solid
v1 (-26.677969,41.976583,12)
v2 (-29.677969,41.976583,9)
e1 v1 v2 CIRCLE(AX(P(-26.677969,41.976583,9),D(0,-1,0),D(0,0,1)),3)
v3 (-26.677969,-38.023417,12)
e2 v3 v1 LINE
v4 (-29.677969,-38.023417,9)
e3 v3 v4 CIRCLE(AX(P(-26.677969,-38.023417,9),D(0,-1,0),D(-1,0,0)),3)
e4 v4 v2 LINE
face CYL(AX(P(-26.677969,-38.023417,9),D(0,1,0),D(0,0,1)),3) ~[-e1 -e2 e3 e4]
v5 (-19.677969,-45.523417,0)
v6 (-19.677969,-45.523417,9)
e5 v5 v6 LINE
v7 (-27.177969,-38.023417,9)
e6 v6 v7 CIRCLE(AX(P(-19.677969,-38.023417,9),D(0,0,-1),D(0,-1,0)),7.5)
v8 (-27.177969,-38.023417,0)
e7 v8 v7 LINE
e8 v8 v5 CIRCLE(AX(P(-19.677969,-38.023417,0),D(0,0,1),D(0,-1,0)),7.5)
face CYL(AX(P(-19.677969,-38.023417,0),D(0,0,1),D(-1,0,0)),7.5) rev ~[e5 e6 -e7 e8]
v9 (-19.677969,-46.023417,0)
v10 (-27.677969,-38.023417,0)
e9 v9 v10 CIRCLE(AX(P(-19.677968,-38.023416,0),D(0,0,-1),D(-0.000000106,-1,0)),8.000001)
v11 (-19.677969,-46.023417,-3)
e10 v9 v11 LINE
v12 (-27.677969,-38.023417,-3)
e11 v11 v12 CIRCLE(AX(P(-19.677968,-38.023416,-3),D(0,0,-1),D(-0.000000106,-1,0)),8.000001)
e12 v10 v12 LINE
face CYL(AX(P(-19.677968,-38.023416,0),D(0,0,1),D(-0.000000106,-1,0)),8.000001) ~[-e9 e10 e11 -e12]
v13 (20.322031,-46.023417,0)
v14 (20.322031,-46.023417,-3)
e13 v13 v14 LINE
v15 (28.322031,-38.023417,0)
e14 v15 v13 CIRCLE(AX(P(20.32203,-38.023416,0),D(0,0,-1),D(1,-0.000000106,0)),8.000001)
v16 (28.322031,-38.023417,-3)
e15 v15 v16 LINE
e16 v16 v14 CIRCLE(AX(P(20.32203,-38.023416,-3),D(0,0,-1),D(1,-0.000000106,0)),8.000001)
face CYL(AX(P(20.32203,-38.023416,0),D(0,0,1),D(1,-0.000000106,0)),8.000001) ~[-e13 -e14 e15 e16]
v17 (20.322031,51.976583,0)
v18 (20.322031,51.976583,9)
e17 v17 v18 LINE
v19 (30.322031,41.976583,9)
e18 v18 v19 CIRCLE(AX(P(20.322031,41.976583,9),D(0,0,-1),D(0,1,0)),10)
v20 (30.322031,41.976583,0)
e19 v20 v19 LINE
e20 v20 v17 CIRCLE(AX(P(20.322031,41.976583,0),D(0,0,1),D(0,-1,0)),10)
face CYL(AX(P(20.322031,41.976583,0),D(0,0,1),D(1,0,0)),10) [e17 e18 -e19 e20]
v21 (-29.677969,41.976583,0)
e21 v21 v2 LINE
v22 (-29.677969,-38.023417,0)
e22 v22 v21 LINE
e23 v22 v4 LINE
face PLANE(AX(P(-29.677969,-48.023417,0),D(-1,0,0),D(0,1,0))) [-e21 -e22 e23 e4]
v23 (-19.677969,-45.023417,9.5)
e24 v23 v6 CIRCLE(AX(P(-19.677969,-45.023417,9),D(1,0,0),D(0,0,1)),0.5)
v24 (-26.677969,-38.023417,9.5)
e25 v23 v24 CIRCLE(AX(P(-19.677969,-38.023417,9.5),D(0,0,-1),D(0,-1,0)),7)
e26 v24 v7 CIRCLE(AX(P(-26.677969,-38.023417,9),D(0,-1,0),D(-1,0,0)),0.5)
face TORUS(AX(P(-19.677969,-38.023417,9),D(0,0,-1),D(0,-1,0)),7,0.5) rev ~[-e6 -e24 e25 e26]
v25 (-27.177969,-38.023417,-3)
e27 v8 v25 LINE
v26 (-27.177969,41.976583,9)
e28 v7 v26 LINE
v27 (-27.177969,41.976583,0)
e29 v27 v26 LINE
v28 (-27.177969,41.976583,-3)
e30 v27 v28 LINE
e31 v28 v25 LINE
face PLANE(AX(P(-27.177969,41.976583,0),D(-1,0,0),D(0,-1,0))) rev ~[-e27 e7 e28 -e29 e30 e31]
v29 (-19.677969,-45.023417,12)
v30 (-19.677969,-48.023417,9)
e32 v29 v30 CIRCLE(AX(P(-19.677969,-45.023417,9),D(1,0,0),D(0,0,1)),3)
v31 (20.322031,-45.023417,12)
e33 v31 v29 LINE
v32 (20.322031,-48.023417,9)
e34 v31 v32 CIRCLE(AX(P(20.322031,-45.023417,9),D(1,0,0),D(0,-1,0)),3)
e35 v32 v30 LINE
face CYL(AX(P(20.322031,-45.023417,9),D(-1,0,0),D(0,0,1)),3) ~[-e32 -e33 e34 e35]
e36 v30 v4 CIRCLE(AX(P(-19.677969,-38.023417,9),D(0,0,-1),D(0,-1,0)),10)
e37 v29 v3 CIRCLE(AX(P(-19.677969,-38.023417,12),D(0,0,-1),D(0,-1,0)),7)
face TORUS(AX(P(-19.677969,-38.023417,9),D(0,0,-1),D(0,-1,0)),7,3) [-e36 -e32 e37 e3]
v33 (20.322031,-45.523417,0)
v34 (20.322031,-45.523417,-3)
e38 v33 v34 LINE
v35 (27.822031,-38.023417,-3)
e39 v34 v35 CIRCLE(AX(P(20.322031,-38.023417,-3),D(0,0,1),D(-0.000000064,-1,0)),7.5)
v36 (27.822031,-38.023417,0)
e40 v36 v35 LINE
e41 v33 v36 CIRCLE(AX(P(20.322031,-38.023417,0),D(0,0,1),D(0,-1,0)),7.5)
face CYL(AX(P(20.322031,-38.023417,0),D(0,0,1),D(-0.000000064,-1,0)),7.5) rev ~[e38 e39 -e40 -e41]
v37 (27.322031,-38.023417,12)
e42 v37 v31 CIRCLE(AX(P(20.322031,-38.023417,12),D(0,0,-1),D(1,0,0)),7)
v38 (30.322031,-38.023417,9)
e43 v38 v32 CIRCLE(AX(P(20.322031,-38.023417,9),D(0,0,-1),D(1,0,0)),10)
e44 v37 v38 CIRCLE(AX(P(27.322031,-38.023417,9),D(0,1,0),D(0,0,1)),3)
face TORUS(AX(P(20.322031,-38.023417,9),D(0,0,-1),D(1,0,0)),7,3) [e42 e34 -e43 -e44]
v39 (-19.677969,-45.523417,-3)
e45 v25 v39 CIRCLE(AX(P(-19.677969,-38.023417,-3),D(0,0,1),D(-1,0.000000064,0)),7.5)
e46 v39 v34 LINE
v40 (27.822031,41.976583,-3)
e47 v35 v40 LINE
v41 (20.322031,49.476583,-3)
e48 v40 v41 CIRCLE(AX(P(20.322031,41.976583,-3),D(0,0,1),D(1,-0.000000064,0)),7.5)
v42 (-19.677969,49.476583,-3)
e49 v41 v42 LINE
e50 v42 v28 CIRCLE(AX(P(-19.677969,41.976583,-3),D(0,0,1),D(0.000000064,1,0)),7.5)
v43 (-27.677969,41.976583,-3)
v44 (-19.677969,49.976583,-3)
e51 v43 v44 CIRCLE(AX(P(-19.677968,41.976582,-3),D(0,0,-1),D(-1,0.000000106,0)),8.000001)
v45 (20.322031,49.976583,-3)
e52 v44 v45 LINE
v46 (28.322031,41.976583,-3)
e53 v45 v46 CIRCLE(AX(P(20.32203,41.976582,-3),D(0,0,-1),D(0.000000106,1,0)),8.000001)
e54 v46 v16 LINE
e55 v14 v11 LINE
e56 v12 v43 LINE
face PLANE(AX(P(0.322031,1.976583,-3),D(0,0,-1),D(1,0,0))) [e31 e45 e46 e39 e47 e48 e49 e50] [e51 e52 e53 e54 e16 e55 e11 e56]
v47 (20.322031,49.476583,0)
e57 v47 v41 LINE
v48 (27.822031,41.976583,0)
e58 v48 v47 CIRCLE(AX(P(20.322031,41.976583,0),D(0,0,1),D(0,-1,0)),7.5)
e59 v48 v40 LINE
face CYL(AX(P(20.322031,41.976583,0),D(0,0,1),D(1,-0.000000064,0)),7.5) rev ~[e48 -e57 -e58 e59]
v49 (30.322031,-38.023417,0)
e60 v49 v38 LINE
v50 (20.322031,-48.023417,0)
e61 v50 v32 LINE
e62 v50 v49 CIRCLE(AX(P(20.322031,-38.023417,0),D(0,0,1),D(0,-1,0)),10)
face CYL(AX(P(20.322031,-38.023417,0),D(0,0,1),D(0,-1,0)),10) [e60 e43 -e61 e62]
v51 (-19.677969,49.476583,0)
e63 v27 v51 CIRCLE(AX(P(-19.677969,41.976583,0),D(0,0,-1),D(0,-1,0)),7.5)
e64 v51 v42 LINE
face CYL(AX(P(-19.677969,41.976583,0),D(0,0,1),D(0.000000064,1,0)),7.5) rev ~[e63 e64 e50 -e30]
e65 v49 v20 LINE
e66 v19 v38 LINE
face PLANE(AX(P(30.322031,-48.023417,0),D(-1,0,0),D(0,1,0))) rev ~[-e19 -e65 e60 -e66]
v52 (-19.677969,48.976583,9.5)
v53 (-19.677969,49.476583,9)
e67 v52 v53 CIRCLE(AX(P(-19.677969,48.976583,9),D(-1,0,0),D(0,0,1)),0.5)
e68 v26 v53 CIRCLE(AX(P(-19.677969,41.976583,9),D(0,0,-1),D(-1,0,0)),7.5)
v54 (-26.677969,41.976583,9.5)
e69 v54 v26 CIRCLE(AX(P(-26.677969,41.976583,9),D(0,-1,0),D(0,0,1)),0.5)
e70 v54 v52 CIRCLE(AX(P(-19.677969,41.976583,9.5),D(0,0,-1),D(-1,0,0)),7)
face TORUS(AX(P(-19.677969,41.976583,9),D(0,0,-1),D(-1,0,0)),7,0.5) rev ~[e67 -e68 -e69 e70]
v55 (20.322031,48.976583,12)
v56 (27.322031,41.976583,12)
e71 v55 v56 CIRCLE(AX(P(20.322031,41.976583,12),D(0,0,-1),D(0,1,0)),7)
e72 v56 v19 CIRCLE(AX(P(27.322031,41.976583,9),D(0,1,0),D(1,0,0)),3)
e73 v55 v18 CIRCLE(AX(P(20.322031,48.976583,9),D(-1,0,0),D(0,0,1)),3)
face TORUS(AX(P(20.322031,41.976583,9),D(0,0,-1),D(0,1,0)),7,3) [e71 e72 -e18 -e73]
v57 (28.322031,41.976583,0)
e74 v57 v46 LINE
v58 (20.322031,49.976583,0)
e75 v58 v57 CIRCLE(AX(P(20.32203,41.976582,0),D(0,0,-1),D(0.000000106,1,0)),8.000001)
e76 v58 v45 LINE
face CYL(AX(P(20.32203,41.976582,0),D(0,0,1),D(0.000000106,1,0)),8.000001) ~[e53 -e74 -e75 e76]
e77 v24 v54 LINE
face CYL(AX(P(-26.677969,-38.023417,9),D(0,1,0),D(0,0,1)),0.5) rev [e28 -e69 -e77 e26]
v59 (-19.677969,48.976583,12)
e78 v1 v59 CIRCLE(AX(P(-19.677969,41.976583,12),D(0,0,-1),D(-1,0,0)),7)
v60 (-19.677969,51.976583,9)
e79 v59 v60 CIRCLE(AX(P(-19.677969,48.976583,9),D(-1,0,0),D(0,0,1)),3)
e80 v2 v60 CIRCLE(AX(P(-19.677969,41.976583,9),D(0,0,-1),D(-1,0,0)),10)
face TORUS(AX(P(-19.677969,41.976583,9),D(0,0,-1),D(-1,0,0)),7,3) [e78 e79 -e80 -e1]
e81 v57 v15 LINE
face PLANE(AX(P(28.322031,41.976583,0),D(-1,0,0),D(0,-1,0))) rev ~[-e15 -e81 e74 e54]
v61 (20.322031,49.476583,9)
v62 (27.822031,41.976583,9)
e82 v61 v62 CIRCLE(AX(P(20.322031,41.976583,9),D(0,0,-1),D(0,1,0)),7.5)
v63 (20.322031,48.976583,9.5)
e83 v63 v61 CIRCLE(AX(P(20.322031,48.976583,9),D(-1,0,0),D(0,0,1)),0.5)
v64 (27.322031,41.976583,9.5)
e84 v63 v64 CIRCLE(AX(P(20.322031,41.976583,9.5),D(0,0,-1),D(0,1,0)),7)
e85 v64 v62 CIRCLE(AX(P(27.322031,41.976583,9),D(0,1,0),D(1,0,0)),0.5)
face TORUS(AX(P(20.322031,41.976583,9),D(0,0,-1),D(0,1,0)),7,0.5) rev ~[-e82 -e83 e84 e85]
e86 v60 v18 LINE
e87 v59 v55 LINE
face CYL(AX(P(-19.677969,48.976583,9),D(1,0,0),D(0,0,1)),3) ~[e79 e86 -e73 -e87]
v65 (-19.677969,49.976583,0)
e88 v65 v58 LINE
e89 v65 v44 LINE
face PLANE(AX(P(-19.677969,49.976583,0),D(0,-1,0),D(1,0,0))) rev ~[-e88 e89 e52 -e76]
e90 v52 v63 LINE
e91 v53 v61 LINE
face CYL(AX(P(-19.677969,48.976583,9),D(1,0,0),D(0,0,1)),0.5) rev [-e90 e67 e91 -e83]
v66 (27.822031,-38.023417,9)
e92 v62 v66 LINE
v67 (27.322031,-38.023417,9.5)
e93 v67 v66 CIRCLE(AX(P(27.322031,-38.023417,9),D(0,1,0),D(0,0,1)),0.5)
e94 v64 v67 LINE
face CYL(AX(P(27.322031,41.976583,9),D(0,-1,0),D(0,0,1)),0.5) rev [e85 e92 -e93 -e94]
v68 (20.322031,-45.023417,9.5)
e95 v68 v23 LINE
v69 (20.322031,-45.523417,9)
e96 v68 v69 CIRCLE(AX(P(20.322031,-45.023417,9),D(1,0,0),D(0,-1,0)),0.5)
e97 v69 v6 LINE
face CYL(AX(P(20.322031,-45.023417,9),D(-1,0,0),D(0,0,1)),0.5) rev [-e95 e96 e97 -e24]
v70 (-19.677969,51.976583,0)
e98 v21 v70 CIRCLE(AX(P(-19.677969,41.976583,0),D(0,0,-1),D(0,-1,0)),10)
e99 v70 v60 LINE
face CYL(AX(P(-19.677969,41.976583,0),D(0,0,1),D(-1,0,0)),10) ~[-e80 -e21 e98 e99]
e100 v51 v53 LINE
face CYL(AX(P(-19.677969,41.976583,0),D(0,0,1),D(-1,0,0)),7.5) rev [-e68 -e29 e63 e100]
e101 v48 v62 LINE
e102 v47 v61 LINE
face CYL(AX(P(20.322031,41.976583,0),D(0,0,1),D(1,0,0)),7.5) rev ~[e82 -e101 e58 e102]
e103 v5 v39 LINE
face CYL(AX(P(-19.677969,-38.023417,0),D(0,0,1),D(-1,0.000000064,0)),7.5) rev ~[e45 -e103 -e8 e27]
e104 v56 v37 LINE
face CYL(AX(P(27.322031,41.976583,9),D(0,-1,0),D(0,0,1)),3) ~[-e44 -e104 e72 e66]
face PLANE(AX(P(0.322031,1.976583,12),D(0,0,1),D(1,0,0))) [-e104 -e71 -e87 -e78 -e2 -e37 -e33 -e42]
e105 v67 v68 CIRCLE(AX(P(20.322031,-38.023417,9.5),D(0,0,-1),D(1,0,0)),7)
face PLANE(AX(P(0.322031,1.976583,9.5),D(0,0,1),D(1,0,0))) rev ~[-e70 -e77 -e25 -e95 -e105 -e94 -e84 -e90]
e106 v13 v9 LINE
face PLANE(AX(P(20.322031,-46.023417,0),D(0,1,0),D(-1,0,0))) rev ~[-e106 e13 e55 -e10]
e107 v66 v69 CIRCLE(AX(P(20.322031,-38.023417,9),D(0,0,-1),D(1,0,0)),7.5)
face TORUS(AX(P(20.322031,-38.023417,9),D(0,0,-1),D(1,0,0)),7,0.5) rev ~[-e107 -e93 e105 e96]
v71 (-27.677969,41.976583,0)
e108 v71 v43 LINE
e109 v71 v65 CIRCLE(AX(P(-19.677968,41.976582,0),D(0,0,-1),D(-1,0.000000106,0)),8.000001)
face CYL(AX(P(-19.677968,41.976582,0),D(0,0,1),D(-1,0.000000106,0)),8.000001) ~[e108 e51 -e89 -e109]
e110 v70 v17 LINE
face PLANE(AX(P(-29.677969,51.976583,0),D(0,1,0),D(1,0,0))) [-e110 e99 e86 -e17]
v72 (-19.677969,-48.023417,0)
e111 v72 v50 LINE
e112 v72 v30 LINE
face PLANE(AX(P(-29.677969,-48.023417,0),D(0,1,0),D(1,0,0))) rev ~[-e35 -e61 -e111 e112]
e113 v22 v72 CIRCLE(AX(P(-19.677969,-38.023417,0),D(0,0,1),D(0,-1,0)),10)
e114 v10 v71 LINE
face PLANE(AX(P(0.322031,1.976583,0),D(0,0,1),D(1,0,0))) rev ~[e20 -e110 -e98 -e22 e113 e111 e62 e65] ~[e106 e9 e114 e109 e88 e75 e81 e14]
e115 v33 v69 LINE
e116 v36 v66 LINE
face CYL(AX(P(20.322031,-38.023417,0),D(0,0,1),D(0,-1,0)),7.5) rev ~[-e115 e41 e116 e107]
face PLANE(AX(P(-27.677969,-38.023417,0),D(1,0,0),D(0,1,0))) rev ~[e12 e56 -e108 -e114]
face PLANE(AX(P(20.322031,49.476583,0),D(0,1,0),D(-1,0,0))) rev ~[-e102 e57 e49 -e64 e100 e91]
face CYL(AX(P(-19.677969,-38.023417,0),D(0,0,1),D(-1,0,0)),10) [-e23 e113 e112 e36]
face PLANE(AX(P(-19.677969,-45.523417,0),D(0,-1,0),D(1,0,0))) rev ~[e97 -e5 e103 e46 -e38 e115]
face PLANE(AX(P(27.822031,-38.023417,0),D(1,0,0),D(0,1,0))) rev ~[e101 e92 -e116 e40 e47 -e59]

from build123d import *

# Parameters (mm, degrees)
F0_W     = 60
F0_H     = 100
F1_DEPTH = 12
F2_R     = 10
F3_R     = 3
F4_T     = -2.5
F6_DEPTH = 3


with BuildPart() as f1:
    # F0 (on Top) → F1 (new body)
    with BuildSketch(Plane.XY):
        with Locations((0.322031, 1.976583)):
            Rectangle(F0_W, F0_H)
    extrude(amount=F1_DEPTH)

    # F2
    f2_edges = [f1.edges().sort_by_distance(p)[0] for p in [
        (-29.677969, -48.023417, 6),
        (-29.677969, 51.976583, 6),
        (30.322031, -48.023417, 6),
        (30.322031, 51.976583, 6),
    ]]
    fillet(f2_edges, radius=F2_R)

    # F3
    f3_edges = [f1.edges().sort_by_distance(p)[0] for p in [
        (0.322031, 51.976583, 12),
    ]]
    fillet(f3_edges, radius=F3_R)

    # F4
    f4_openings = [f1.faces().sort_by_distance(p)[0] for p in [
        (0.322031, 1.976583, 0),
    ]]
    offset(amount=F4_T, openings=f4_openings)

    # F5 (on face) → F6 (join)
    with BuildSketch(Plane(origin=(0, 0, 0), x_dir=(1, 0, 0), z_dir=(0, 0, -1))):
        with BuildLine():
            Line((-27.677969, 38.023417), (-27.677969, -41.976583))
            ThreePointArc((-27.677969, -41.976583), (-25.334823, -47.633437), (-19.677969, -49.976583))
            Line((-19.677969, -49.976583), (20.322031, -49.976583))
            ThreePointArc((20.322031, -49.976583), (25.978885, -47.633437), (28.322031, -41.976583))
            Line((28.322031, -41.976583), (28.322031, 38.023417))
            ThreePointArc((28.322031, 38.023417), (25.978885, 43.680271), (20.322031, 46.023417))
            Line((20.322031, 46.023417), (-19.677969, 46.023417))
            ThreePointArc((-19.677969, 46.023417), (-25.334823, 43.680271), (-27.677969, 38.023417))
        make_face()
        with BuildLine():
            ThreePointArc((-19.677969, -49.476583), (-24.98127, -47.279884), (-27.177969, -41.976583))
            Line((-27.177969, -41.976583), (-27.177969, 38.023417))
            ThreePointArc((-27.177969, 38.023417), (-24.98127, 43.326718), (-19.677969, 45.523417))
            Line((-19.677969, 45.523417), (20.322031, 45.523417))
            ThreePointArc((20.322031, 45.523417), (25.625332, 43.326718), (27.822031, 38.023417))
            Line((27.822031, 38.023417), (27.822031, -41.976583))
            ThreePointArc((27.822031, -41.976583), (25.625332, -47.279884), (20.322031, -49.476583))
            Line((20.322031, -49.476583), (-19.677969, -49.476583))
        make_face(mode=Mode.SUBTRACT)
    extrude(amount=F6_DEPTH)


solid = f1.part
